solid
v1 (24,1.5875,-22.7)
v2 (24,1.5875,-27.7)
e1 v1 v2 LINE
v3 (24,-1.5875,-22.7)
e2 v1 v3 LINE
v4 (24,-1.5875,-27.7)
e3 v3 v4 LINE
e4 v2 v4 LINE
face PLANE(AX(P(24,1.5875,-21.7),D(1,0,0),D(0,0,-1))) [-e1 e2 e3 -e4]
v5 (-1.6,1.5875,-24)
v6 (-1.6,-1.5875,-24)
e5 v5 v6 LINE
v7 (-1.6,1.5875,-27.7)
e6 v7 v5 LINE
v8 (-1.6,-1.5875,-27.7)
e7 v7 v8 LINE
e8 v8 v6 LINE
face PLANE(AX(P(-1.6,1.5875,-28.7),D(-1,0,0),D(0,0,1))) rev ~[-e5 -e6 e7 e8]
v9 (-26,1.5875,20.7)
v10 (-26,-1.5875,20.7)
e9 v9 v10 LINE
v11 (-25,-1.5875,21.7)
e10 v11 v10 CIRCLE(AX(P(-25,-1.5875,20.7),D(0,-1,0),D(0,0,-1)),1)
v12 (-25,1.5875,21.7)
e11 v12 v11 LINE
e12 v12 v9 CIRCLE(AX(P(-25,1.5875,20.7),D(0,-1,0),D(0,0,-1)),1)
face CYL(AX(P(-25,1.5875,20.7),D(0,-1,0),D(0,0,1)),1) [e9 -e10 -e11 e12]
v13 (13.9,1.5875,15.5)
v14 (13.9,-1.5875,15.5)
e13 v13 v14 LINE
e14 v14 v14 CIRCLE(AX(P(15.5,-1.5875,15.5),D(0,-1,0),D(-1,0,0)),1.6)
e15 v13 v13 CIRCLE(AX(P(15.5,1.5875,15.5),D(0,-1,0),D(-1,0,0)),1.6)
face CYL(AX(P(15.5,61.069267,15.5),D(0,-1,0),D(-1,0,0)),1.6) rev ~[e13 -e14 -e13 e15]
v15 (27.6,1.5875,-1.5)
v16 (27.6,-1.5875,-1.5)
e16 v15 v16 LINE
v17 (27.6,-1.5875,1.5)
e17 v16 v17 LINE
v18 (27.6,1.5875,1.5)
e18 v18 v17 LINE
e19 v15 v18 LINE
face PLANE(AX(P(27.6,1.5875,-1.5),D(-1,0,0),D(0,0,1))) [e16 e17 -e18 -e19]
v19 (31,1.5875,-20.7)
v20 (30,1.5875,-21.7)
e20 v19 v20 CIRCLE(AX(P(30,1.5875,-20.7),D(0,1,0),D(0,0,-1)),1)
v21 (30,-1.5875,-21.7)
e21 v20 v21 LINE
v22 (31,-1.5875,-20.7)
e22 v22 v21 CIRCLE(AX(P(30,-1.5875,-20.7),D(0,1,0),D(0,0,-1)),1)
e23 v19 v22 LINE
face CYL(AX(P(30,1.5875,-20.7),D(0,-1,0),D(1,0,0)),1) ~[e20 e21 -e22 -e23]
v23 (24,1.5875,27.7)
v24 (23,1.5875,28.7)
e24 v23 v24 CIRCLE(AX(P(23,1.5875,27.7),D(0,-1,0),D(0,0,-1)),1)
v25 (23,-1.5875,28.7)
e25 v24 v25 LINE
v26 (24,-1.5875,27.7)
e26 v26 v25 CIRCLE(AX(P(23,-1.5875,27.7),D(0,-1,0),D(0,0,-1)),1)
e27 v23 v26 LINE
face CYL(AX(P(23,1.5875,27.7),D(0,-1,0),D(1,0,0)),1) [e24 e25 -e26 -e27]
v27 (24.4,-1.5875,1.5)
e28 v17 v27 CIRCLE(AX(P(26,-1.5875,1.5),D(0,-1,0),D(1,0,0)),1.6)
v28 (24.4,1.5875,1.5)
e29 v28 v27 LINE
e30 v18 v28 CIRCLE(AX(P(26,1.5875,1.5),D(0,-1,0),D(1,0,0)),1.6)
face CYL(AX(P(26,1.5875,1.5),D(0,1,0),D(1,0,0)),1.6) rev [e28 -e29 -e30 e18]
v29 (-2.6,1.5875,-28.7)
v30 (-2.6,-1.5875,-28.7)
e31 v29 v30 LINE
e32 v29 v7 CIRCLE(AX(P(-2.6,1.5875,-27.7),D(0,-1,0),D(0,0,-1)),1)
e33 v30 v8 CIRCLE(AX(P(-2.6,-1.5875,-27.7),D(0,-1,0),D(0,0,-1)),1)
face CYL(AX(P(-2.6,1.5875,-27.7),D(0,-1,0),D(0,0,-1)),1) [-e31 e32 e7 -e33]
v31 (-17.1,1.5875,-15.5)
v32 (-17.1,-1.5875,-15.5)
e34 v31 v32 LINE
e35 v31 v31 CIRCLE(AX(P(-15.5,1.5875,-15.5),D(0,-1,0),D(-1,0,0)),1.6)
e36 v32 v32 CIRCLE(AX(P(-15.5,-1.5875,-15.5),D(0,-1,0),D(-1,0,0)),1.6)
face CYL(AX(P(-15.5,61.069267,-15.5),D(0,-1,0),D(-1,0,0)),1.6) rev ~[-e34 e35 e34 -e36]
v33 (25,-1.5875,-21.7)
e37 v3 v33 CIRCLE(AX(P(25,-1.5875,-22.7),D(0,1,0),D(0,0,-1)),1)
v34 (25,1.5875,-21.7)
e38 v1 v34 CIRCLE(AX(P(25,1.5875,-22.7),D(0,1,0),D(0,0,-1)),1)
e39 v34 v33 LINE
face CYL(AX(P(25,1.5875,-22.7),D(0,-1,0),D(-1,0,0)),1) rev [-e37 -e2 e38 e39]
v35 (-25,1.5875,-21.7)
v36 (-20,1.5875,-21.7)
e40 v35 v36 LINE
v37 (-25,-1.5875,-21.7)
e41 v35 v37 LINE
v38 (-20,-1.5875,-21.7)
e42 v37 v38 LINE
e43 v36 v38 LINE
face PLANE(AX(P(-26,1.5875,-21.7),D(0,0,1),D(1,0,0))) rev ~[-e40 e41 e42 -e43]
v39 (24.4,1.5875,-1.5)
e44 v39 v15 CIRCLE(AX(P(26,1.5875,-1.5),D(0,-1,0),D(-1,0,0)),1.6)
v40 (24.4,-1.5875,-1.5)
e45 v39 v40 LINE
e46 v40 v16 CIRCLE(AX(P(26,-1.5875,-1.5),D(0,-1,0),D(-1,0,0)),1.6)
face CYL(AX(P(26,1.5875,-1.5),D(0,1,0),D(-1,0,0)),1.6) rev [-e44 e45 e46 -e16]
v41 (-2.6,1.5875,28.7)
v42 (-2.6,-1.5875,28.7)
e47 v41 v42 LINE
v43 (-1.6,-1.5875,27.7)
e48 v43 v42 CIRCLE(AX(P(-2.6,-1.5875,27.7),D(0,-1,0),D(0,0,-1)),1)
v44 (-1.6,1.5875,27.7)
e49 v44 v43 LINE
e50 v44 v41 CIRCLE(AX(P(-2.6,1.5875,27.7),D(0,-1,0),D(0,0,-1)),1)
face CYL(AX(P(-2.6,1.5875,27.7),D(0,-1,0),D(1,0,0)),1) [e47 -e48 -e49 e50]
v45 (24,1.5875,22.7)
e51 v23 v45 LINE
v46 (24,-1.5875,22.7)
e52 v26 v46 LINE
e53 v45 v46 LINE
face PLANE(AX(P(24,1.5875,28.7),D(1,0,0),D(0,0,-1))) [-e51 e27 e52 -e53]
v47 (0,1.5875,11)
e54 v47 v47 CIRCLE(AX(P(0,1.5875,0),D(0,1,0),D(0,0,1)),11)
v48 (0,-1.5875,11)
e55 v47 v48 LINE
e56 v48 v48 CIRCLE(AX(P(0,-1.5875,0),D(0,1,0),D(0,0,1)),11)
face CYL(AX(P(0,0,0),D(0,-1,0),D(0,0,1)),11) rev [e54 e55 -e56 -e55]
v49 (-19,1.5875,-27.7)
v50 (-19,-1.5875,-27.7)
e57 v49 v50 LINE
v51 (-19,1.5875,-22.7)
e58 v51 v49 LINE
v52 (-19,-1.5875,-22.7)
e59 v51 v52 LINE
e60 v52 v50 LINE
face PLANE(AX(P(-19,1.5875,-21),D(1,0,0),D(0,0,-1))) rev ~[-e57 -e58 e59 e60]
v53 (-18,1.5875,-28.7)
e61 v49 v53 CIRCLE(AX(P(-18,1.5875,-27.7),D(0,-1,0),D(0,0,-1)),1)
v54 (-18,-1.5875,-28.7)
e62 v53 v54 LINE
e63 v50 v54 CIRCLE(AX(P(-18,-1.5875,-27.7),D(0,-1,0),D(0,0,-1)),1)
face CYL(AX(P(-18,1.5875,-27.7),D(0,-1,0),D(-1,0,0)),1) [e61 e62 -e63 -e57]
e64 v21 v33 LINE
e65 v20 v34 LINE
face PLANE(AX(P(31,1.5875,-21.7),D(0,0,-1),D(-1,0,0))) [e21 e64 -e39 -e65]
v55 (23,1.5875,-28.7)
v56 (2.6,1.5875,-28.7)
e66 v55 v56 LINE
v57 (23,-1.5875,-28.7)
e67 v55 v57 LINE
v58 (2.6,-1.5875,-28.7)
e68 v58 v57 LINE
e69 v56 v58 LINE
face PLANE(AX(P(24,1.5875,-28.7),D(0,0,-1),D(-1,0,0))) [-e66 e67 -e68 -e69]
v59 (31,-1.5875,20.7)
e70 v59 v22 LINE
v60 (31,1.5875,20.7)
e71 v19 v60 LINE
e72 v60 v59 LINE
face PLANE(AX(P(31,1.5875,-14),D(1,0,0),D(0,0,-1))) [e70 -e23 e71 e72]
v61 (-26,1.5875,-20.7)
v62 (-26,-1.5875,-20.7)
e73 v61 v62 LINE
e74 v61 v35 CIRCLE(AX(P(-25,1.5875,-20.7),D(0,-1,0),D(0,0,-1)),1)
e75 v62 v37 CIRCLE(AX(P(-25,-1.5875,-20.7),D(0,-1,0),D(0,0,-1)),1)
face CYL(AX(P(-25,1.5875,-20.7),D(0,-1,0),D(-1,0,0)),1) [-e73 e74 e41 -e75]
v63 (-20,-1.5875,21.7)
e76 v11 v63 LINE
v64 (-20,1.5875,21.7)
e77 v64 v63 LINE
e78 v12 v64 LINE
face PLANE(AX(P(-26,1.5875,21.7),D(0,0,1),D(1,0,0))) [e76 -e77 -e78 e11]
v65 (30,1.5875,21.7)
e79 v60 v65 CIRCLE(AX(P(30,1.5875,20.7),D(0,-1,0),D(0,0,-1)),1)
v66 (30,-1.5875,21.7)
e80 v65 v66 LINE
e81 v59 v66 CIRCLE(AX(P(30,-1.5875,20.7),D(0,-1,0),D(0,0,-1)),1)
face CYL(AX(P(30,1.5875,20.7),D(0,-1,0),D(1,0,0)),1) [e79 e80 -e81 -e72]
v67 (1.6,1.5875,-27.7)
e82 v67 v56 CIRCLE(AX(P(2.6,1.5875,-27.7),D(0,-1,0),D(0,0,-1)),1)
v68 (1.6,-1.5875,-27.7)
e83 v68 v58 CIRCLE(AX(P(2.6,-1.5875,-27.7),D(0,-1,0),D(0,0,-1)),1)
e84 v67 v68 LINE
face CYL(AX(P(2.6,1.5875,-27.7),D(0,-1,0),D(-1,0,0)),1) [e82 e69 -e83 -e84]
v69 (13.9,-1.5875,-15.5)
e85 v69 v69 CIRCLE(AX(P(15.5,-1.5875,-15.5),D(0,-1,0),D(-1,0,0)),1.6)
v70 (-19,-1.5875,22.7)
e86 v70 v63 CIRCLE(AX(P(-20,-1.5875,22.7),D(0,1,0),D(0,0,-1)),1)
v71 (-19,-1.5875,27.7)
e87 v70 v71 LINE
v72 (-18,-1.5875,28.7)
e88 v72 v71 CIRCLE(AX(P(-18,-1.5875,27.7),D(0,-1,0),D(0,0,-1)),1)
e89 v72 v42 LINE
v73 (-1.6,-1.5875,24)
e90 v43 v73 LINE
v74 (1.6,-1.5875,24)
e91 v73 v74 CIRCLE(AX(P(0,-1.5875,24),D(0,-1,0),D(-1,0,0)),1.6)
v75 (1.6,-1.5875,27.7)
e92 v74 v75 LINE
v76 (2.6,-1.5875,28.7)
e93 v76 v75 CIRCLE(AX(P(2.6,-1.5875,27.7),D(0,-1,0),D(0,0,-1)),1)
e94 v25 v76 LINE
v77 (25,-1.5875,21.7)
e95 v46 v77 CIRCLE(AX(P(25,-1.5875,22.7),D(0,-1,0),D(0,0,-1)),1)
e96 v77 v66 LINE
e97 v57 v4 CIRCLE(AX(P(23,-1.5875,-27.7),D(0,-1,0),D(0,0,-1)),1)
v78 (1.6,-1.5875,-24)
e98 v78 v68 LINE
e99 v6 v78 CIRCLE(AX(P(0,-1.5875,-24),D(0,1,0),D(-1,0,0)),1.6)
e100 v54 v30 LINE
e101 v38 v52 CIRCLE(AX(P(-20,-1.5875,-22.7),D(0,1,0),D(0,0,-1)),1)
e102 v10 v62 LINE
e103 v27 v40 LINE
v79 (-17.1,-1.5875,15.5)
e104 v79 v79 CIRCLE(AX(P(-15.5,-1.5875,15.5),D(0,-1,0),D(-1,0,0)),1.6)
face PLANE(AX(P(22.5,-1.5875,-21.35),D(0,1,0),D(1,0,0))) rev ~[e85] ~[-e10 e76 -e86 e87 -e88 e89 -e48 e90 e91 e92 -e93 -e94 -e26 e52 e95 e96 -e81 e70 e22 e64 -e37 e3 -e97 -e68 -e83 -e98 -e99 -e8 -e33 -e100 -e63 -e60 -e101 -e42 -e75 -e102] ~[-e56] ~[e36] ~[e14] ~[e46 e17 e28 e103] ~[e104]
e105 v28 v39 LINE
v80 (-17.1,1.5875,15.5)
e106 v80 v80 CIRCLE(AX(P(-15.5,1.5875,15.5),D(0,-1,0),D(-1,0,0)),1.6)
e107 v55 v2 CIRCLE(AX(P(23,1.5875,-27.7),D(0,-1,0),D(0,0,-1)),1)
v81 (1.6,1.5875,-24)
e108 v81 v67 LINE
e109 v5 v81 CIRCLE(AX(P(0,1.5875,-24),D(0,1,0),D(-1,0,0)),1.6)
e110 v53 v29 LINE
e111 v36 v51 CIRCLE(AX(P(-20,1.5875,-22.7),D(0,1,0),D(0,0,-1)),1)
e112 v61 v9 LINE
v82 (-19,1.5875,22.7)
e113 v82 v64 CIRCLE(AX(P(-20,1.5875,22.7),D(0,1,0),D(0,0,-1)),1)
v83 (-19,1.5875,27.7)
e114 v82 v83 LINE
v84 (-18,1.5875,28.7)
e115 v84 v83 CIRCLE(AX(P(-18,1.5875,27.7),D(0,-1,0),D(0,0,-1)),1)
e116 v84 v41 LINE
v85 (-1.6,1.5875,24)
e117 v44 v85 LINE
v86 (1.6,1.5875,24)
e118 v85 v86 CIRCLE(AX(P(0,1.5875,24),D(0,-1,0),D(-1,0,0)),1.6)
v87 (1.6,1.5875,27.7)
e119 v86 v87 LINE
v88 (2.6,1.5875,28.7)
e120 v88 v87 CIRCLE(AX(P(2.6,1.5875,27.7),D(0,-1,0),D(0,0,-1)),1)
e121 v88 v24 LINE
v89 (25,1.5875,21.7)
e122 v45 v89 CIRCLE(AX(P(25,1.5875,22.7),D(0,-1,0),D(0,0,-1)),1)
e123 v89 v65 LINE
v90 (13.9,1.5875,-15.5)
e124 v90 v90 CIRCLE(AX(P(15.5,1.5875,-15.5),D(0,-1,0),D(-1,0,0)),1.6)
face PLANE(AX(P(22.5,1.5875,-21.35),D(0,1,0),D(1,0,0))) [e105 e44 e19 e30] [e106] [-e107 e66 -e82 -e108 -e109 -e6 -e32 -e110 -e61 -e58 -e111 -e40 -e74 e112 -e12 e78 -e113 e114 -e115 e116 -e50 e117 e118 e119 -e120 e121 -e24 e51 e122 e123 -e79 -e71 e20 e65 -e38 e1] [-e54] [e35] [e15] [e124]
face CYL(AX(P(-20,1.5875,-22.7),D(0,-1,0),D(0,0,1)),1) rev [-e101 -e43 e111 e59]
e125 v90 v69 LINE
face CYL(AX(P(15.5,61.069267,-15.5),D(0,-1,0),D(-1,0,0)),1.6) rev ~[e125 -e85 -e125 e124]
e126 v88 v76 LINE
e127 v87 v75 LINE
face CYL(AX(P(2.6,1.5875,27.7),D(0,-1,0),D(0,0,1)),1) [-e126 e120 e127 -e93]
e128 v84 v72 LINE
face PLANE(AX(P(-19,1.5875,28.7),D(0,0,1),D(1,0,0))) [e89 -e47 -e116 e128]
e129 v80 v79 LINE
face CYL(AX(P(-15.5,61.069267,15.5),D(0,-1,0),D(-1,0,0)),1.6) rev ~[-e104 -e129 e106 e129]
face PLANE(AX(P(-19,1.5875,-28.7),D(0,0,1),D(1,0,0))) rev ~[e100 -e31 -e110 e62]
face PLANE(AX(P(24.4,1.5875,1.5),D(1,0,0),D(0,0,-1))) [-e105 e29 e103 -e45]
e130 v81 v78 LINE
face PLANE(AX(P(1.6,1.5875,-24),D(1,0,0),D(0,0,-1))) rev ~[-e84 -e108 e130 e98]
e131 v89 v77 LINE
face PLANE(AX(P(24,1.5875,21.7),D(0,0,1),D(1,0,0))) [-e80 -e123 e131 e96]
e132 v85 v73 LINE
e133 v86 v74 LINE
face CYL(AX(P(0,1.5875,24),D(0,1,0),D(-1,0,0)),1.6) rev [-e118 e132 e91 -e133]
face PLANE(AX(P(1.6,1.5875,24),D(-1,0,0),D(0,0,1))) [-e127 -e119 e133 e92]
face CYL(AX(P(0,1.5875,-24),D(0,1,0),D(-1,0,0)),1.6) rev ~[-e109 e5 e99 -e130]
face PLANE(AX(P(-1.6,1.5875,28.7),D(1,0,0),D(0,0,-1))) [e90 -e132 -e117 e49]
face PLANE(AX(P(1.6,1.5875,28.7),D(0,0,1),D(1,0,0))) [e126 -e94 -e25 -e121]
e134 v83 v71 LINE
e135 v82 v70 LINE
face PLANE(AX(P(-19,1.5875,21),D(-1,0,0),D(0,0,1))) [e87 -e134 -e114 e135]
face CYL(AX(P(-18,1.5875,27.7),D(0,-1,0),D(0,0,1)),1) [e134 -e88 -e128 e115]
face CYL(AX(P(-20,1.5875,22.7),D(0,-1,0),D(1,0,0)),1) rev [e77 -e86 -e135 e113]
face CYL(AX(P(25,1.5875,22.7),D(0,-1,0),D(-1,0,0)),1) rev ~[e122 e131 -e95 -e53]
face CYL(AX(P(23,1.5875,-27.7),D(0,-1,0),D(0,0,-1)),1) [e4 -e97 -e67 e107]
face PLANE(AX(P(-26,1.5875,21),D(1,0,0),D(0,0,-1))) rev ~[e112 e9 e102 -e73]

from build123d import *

# Parameters (mm, degrees)
SKETCH1_W            = 42
SKETCH1_H            = 42
SKETCH1_R            = 11
BOSS_EXTRUDE1_DEPTH  = 1.5875
M3_CLEARANCE_HOLE1_D = 3.2
SKETCH4_W            = 5
SKETCH4_H            = 42
SKETCH4_W_2          = 10
SKETCH4_H_2          = 28
BOSS_EXTRUDE2_DEPTH  = 3.175
SKETCH5_W            = 7
SKETCH5_H            = 0.7
BOSS_EXTRUDE3_DEPTH  = 3.175
FILLET1_R            = 1


with BuildPart() as part:
    # Sketch1 → Boss-Extrude1 (new, symmetric)
    with BuildSketch(Plane(origin=(0, 0, 0), x_dir=(1, 0, 0), z_dir=(0, 1, 0))):
        Rectangle(SKETCH1_W, SKETCH1_H)
        with Locations(Location((0, 0, 0), (0, 0, 270))):
            Circle(SKETCH1_R, mode=Mode.SUBTRACT)
    extrude(amount=BOSS_EXTRUDE1_DEPTH, both=True)

    # M3 Clearance Hole1 (through all)
    with Locations(Plane(origin=(0, 1.5875, 0), x_dir=(1, 0, 0), z_dir=(0, 1, 0))):
        with Locations((-15.5, 15.5), (15.5, 15.5), (15.5, -15.5), (-15.5, -15.5)):
            Hole(M3_CLEARANCE_HOLE1_D / 2)

    # Sketch4 → Boss-Extrude2 (add)
    # profile 1 of 4: a face of its own
    with BuildSketch(Plane(origin=(0, 1.5875, 0), x_dir=(1, 0, 0), z_dir=(0, 1, 0))):
        with BuildLine():
            Line((1.6, -24), (1.6, -28.7))
            Line((1.6, -28.7), (14, -28.7))
            Line((14, -28.7), (14, -21))
            Line((14, -21), (-19, -21))
            Line((-19, -21), (-19, -28.7))
            Line((-19, -28.7), (-1.6, -28.7))
            Line((-1.6, -28.7), (-1.6, -24))
            ThreePointArc((-1.6, -24), (0, -22.4), (1.6, -24))
        make_face()
    # profile 2 of 4: a face of its own
    with BuildSketch(Plane(origin=(0, 1.5875, 0), x_dir=(1, 0, 0), z_dir=(0, 1, 0))):
        with Locations((-23.5, 0)):
            Rectangle(SKETCH4_W, SKETCH4_H)
    # profile 3 of 4: a face of its own
    with BuildSketch(Plane(origin=(0, 1.5875, 0), x_dir=(1, 0, 0), z_dir=(0, 1, 0))):
        with BuildLine():
            Line((1.6, 28.7), (14, 28.7))
            Line((14, 28.7), (14, 21))
            Line((14, 21), (-19, 21))
            Line((-19, 21), (-19, 28.7))
            Line((-19, 28.7), (-1.6, 28.7))
            Line((-1.6, 28.7), (-1.6, 24))
            ThreePointArc((-1.6, 24), (0, 22.4), (1.6, 24))
            Line((1.6, 24), (1.6, 28.7))
        make_face()
    # profile 4 of 4: a face of its own
    with BuildSketch(Plane(origin=(0, 1.5875, 0), x_dir=(1, 0, 0), z_dir=(0, 1, 0))):
        with Locations((26, 0)):
            Rectangle(SKETCH4_W_2, SKETCH4_H_2)
        with BuildLine():
            Line((27.6, 1.5), (27.6, -1.5))
            ThreePointArc((27.6, -1.5), (26, -3.1), (24.4, -1.5))
            Line((24.4, -1.5), (24.4, 1.5))
            ThreePointArc((24.4, 1.5), (26, 3.1), (27.6, 1.5))
        make_face(mode=Mode.SUBTRACT)
    extrude(amount=-BOSS_EXTRUDE2_DEPTH)

    # Sketch5 → Boss-Extrude3 (add)
    with BuildSketch(Plane(origin=(0, 1.5875, 0), x_dir=(1, 0, 0), z_dir=(0, 1, 0))):
        Polygon((21, 14), (31, 14), (31, 21.7), (24, 21.7), (24, 28.7), (14, 28.7), (14, 21), (21, 21), align=None)
        Polygon((31, -14), (21, -14), (21, -21), (14, -21), (14, -28.7), (24, -28.7), (24, -21.7), (31, -21.7), align=None)
        with Locations((-22.5, -21.35)):
            Rectangle(SKETCH5_W, SKETCH5_H)
        with Locations((-22.5, 21.35)):
            Rectangle(SKETCH5_W, SKETCH5_H)
    extrude(amount=-BOSS_EXTRUDE3_DEPTH)

    # Fillet1
    fillet1_edges = [part.edges().sort_by_distance(p)[0] for p in [
        (-26, 0, 21.7),
        (31, 0, -21.7),
        (-19, 0, -21.7),
        (24, 0, -28.7),
        (24, 0, -21.7),
        (31, 0, 21.7),
        (24, 0, 21.7),
        (24, 0, 28.7),
        (-19, 0, 21.7),
        (-26, 0, -21.7),
        (-1.6, 0, 28.7),
        (-19, 0, 28.7),
        (1.6, 0, 28.7),
        (1.6, 0, -28.7),
        (-19, 0, -28.7),
        (-1.6, 0, -28.7),
    ]]
    fillet(fillet1_edges, radius=FILLET1_R)


solid = part.part
